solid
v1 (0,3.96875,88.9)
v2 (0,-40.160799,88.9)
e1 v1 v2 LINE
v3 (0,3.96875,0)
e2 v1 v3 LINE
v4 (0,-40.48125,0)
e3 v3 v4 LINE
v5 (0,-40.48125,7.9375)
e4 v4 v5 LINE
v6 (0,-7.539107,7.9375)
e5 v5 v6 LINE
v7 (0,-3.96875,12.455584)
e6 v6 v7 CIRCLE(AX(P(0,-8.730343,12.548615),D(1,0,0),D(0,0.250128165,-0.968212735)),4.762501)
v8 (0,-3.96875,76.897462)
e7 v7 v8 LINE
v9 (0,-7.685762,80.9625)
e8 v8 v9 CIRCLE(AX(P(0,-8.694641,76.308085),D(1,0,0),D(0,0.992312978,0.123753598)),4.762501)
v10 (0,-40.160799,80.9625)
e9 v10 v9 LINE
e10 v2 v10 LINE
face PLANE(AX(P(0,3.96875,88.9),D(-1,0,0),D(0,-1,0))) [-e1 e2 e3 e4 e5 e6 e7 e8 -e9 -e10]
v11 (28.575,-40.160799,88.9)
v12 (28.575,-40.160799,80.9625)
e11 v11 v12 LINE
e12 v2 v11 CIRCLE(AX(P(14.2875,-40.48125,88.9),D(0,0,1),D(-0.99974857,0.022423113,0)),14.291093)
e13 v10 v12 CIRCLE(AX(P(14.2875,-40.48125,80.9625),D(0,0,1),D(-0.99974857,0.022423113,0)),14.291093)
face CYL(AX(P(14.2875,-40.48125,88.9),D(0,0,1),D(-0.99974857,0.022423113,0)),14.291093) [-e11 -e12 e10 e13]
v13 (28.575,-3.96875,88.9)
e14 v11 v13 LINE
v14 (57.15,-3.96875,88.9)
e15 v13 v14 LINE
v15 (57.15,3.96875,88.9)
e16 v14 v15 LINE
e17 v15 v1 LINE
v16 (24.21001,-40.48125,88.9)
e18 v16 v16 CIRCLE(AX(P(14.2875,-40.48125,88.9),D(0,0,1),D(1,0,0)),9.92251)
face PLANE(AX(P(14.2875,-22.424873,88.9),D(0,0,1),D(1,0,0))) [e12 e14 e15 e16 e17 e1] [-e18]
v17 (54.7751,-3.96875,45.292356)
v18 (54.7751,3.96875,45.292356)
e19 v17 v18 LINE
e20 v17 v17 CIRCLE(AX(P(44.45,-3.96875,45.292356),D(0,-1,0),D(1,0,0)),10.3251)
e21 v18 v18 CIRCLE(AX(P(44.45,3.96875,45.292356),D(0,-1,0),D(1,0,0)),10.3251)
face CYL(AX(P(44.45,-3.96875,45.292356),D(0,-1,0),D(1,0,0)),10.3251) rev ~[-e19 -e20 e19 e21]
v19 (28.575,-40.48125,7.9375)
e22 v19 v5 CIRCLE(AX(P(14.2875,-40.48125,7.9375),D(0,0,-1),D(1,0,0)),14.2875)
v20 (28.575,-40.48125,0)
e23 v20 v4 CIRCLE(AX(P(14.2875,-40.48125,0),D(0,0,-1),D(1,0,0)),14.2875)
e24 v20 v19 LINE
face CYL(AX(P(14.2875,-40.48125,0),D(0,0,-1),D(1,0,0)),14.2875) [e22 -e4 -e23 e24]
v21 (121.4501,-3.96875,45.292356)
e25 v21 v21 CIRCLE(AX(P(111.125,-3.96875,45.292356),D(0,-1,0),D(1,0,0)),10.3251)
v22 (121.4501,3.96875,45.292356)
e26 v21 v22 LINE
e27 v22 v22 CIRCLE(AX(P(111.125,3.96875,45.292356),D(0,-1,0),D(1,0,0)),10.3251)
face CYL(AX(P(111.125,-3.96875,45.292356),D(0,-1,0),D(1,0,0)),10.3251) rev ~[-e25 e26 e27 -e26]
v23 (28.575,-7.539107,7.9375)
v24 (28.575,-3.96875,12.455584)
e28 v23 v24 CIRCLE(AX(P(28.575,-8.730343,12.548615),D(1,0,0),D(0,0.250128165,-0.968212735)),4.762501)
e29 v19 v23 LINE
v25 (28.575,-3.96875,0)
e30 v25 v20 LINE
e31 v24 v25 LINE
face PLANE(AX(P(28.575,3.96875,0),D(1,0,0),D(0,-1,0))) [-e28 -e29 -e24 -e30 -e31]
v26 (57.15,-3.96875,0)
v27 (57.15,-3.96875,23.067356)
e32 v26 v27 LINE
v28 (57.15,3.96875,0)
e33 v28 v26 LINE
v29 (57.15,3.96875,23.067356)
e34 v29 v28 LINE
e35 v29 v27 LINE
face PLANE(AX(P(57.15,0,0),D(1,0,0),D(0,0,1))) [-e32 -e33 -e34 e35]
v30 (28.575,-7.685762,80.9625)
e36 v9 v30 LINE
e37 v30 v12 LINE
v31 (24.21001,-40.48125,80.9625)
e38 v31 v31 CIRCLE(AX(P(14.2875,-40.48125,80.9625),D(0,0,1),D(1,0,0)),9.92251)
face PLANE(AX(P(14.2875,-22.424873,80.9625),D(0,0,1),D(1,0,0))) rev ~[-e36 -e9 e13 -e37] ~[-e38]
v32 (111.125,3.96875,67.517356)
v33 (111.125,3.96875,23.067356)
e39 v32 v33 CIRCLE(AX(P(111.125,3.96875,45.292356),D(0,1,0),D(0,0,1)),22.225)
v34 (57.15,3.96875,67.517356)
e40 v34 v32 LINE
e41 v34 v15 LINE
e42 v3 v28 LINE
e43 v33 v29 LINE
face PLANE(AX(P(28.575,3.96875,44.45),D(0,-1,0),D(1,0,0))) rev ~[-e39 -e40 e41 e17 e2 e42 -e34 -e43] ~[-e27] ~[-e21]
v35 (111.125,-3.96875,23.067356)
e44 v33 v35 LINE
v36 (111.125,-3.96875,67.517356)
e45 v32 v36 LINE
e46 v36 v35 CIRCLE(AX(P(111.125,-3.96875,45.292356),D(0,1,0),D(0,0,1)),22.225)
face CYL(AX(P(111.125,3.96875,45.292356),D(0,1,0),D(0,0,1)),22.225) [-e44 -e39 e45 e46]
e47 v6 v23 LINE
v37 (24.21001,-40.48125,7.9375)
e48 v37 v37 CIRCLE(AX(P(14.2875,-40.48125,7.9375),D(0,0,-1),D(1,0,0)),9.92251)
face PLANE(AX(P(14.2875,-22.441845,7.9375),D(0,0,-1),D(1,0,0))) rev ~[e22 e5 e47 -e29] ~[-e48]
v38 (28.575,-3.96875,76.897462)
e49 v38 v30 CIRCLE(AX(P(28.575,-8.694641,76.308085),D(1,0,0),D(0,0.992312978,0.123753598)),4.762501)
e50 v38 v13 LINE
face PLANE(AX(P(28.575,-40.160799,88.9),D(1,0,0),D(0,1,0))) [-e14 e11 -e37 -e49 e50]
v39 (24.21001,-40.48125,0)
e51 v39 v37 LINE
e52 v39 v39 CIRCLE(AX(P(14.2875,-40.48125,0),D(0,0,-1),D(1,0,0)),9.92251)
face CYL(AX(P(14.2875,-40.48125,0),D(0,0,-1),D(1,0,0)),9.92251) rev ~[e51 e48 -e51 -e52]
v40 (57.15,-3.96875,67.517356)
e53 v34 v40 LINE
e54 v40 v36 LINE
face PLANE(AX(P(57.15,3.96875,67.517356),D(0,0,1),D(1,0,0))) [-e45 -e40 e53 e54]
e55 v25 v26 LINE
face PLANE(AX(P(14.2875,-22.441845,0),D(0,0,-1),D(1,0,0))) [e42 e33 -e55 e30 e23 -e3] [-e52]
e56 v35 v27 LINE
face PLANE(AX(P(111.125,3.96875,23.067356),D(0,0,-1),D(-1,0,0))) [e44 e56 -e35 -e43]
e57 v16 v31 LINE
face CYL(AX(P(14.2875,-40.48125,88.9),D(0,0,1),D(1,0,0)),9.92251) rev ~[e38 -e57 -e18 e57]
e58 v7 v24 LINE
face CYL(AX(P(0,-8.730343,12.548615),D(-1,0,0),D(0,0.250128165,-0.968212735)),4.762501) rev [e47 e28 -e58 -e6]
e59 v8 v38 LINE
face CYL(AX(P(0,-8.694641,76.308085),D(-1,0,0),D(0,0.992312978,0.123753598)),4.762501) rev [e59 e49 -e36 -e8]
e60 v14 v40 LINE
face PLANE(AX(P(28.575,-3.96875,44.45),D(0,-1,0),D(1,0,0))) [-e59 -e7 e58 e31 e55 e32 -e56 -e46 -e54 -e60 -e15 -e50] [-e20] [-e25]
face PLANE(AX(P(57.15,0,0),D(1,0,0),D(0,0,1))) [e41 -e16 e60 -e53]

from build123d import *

# Parameters (mm, degrees)
F0_W      = 57.15
F0_H      = 88.9
F1_DEPTH  = 3.96875
F3_DEPTH  = 7.9375
F5_DEPTH  = 7.9375
F7_DEPTH  = 28.575
F8_R      = 9.92251
F9_DEPTH  = 25.4
F10_R     = 9.92251
F11_DEPTH = 25.4
F13_DEPTH = 7.9375
F14_R     = 10.3251
F15_DEPTH = 25.4
F16_DEPTH = 25.4
F18_DEPTH = 7.9375


with BuildPart() as f1:
    # F0 (on Front) → F1 (new body, symmetric)
    with BuildSketch(Plane.XZ):
        with Locations((28.575, 44.45)):
            Rectangle(F0_W, F0_H)
    extrude(amount=F1_DEPTH, both=True)

    # F2 (on face) → F3 (join)
    with BuildSketch(Plane(origin=(0, 0, 0), x_dir=(1, 0, 0), z_dir=(0, 0, -1))):
        with BuildLine():
            Line((0, 40.48125), (0, -3.96875))
            Line((0, -3.96875), (28.575, -3.96875))
            Line((28.575, -3.96875), (28.575, 40.48125))
            ThreePointArc((28.575, 40.48125), (14.2875, 54.76875), (0, 40.48125))
        make_face()
    extrude(amount=-F3_DEPTH)

    # F4 (on face) → F5 (join)
    with BuildSketch(Plane.XY.offset(88.9)):
        with BuildLine():
            Line((28.575, -40.160799), (28.575, 3.96875))
            Line((28.575, 3.96875), (0, 3.96875))
            Line((0, 3.96875), (0, -40.160799))
            ThreePointArc((0, -40.160799), (14.2875, -54.772343), (28.575, -40.160799))
        make_face()
    extrude(amount=-F5_DEPTH)

    # F6 (on face) → F7 (join)
    with BuildSketch(Plane(origin=(0, 0, 0), x_dir=(0, -1, 0), z_dir=(-1, 0, 0))):
        with BuildLine():
            Line((7.685762, 80.9625), (9.703519, 80.9625))
            ThreePointArc((9.703519, 80.9625), (8.694641, 81.070586), (7.685762, 80.9625))
        make_face()
        with BuildLine():
            ThreePointArc((3.96875, 76.897462), (5.179953, 79.521865), (7.685762, 80.9625))
            Line((7.685762, 80.9625), (3.96875, 80.9625))
            Line((3.96875, 80.9625), (3.96875, 76.897462))
        make_face()
        with BuildLine():
            Line((9.921576, 7.9375), (7.539107, 7.9375))
            ThreePointArc((7.539107, 7.9375), (8.730341, 7.786113), (9.921576, 7.9375))
        make_face()
        with BuildLine():
            ThreePointArc((7.539107, 7.9375), (4.993725, 9.595801), (3.96875, 12.455584))
            Line((3.96875, 12.455584), (3.96875, 7.9375))
            Line((3.96875, 7.9375), (7.539107, 7.9375))
        make_face()
    extrude(amount=-F7_DEPTH)

    # F8 (on face) → F9 (cut)
    with BuildSketch(Plane(origin=(0, 0, 0), x_dir=(1, 0, 0), z_dir=(0, 0, -1))):
        with Locations((14.2875, 40.48125)):
            Circle(F8_R)
    extrude(amount=-F9_DEPTH, mode=Mode.SUBTRACT)

    # F10 (on face) → F11 (cut)
    with BuildSketch(Plane.XY.offset(88.9)):
        with Locations((14.2875, -40.48125)):
            Circle(F10_R)
    extrude(amount=-F11_DEPTH, mode=Mode.SUBTRACT)

    # F12 (on face) → F13 (join)
    with BuildSketch(Plane(origin=(0, 3.96875, 0), x_dir=(-1, 0, 0), z_dir=(0, 1, 0))):
        with BuildLine():
            Line((-57.15, 67.517356), (-111.125, 67.517356))
            ThreePointArc((-111.125, 67.517356), (-133.35, 45.292356), (-111.125, 23.067356))
            Line((-111.125, 23.067356), (-57.15, 23.067356))
            Line((-57.15, 23.067356), (-57.15, 67.517356))
        make_face()
    extrude(amount=-F13_DEPTH)

    # F14 (on face) → F15 (cut)
    with BuildSketch(Plane.XZ.offset(3.96875)):
        with Locations((111.125, 45.292356)):
            Circle(F14_R)
        with Locations((44.45, 45.292356)):
            Circle(F14_R)
    extrude(amount=-F15_DEPTH, mode=Mode.SUBTRACT)

    # F14 (on face) → F16 (cut)
    with BuildSketch(Plane.XZ.offset(3.96875)):
        with Locations((111.125, 45.292356)):
            Circle(F14_R)
        with Locations((44.45, 45.292356)):
            Circle(F14_R)
    extrude(amount=-F16_DEPTH, mode=Mode.SUBTRACT)

    # F17 (on face) → F18 (join)
    with BuildSketch(Plane.XZ.offset(3.96875)):
        with BuildLine():
            Line((57.15, 67.517356), (57.15, 78.208678))
            ThreePointArc((57.15, 78.208678), (47.687893, 76.672868), (50.528099, 67.517356))
            Line((50.528099, 67.517356), (57.15, 67.517356))
        make_face()
        with BuildLine():
            Line((57.15, 23.067356), (51.937071, 23.067356))
            ThreePointArc((51.937071, 23.067356), (48.281511, 14.470241), (57.15, 11.533678))
            Line((57.15, 11.533678), (57.15, 23.067356))
        make_face()
    extrude(amount=-F18_DEPTH)


solid = f1.part
